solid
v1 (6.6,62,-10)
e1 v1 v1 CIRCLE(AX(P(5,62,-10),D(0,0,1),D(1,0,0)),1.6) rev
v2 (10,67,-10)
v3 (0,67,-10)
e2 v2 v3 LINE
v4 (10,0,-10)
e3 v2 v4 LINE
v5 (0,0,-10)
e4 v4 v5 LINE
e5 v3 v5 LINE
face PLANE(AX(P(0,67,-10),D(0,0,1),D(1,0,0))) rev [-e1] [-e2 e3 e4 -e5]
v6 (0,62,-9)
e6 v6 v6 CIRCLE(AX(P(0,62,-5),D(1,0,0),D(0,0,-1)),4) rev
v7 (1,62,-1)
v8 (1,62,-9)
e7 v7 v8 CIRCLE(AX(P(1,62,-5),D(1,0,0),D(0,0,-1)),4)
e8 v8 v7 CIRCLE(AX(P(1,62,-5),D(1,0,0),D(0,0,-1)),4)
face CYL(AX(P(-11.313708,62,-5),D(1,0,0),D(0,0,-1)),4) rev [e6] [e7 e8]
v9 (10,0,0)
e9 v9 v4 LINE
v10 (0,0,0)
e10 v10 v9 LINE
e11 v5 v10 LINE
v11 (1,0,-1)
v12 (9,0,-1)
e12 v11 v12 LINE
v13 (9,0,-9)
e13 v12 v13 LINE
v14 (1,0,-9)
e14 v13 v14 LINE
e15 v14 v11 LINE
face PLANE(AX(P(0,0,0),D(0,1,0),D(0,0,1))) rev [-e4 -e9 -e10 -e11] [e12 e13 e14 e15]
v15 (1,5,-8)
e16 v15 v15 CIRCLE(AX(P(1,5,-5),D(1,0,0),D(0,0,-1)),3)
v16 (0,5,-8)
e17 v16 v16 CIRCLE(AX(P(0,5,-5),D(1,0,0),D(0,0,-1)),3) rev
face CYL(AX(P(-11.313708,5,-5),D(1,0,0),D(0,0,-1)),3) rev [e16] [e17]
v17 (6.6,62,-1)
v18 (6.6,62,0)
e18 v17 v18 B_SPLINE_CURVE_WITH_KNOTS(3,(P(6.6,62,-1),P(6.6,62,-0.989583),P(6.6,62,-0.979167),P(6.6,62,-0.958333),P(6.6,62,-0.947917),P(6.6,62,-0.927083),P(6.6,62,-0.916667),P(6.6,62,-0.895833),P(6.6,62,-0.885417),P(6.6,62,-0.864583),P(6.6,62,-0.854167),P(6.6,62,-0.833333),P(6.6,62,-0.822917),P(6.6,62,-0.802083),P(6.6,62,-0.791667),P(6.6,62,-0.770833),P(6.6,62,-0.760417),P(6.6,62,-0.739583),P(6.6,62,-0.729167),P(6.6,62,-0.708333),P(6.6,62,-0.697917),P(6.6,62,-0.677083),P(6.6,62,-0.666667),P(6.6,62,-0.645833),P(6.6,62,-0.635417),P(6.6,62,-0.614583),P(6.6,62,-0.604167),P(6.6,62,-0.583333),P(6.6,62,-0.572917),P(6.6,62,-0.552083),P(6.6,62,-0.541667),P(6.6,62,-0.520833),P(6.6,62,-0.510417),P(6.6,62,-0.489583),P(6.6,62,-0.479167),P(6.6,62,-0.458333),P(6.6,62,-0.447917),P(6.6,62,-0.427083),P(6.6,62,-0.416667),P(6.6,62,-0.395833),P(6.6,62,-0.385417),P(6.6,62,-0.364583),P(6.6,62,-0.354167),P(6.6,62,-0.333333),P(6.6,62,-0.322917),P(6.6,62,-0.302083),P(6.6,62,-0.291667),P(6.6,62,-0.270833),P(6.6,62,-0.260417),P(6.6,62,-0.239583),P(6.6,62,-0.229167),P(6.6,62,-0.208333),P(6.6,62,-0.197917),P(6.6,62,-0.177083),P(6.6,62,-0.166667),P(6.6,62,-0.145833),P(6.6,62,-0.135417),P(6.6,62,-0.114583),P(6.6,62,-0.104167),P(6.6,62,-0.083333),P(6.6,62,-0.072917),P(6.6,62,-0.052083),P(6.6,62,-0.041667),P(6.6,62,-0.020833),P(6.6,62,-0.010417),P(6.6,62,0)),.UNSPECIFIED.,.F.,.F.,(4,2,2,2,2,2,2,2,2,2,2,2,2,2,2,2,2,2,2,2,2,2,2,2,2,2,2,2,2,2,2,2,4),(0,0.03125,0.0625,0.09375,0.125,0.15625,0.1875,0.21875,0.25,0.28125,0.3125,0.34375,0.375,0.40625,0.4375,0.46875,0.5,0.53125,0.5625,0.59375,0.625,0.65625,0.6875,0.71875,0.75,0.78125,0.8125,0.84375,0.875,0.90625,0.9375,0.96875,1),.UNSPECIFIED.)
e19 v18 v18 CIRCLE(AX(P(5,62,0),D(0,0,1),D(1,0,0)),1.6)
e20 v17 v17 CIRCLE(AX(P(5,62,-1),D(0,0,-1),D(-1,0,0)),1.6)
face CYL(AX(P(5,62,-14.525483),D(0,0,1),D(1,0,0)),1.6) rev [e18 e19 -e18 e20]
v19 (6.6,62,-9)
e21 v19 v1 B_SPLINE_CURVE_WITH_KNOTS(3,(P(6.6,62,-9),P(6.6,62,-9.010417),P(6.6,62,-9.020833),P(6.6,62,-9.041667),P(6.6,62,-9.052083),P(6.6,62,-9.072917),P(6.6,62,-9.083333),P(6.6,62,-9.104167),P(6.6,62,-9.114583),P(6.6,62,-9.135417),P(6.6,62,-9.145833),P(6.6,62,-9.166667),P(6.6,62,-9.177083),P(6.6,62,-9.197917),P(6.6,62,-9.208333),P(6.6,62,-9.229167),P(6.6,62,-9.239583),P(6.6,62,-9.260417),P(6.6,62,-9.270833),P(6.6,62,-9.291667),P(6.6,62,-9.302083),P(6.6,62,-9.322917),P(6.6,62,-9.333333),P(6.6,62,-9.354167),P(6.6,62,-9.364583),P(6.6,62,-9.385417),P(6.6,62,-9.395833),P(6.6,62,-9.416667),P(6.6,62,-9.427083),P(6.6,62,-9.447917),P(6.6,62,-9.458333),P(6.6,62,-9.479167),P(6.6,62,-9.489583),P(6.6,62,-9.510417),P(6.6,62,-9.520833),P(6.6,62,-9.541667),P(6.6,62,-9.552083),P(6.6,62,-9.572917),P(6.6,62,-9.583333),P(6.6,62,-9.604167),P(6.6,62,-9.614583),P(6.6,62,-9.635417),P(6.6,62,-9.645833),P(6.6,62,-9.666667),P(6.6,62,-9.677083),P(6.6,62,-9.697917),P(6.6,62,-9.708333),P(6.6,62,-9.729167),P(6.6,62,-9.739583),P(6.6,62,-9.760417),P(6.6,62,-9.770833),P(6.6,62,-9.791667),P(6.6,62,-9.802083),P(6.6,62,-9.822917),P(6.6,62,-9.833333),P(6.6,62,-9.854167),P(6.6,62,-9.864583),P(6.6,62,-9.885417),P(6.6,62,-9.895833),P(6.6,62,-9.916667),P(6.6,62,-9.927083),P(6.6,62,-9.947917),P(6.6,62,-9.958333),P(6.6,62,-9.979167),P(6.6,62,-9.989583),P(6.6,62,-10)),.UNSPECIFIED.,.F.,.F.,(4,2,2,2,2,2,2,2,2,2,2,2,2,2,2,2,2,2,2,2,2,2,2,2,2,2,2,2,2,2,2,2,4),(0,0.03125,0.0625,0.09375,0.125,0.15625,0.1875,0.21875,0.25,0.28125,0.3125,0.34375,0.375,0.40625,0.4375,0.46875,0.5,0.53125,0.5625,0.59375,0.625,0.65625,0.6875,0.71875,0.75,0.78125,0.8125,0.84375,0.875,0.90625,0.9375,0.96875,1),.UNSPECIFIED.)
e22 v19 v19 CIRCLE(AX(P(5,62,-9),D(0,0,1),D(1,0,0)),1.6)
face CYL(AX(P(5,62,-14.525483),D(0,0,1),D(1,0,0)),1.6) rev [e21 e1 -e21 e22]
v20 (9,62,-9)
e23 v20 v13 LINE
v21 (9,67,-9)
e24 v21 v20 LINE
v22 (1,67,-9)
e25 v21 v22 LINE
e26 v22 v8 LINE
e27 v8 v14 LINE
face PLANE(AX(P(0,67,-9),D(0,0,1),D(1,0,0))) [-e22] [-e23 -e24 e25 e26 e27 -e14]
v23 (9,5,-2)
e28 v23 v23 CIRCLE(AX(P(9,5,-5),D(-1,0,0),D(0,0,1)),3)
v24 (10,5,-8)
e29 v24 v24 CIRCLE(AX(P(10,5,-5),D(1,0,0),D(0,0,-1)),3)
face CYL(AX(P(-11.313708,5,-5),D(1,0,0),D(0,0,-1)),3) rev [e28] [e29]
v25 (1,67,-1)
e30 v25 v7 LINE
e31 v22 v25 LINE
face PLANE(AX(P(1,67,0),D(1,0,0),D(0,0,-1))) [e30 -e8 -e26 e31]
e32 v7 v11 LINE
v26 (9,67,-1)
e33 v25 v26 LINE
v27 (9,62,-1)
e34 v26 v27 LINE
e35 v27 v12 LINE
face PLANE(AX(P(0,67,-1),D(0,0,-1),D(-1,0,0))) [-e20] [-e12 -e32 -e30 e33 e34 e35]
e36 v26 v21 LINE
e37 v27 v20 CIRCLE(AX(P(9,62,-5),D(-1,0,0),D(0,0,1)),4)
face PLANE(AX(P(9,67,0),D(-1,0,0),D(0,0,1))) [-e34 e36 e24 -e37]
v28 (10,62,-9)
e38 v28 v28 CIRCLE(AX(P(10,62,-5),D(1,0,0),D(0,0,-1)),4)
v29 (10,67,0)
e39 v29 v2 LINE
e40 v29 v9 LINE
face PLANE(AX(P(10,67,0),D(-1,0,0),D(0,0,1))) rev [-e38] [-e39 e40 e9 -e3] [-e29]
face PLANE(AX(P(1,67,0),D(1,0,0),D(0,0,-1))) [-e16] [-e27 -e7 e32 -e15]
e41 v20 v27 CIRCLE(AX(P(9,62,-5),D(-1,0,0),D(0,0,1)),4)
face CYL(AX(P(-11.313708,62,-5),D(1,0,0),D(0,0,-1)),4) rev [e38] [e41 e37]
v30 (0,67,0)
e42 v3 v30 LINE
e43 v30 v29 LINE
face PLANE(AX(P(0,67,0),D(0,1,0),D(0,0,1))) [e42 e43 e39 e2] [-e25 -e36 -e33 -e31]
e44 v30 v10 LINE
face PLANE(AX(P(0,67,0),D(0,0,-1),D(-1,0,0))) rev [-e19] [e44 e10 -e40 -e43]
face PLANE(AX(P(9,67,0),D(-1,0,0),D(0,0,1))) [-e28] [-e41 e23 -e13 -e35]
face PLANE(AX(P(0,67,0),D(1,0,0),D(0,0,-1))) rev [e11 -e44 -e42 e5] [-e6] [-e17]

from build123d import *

# Parameters (mm, degrees)
SKETCH_1_W          = 10
SKETCH_1_H          = 10
SKETCH_1_W_2        = 8
SKETCH_1_H_2        = 8
EXTRUDE_1_DEPTH     = 67
CUT_EXTRUDE_1_REACH = 70.476
SKETCH_2_R          = 1.6
CUT_EXTRUDE_2_REACH = 70.476
SKETCH_3_R          = 4
SKETCH_3_R_2        = 3


with BuildPart() as part:
    # ｽｹｯﾁ1 → 押し出し-薄板1 (new body)
    with BuildSketch(Plane(origin=(0, 0, 0), x_dir=(1, 0, 0), z_dir=(0, 1, 0))):
        with Locations((5, 5)):
            Rectangle(SKETCH_1_W, SKETCH_1_H)
        with Locations((5, 5)):
            Rectangle(SKETCH_1_W_2, SKETCH_1_H_2, mode=Mode.SUBTRACT)
    extrude(amount=EXTRUDE_1_DEPTH)

    # ｶｯﾄ - 押し出し1: up to this face of the body (flat: up to its plane)
    cut_extrude_1_end = Plane(part.part.faces().sort_by_distance((5, 33.5, -10))[0])
    # ｽｹｯﾁ2 → ｶｯﾄ - 押し出し1 (cut, up to the picked face)
    with BuildSketch(Plane.XY, mode=Mode.PRIVATE) as cut_extrude_1_sk1:
        with Locations((5, 62)):
            Circle(SKETCH_2_R)
    cut_extrude_1_tool1 = split(extrude(cut_extrude_1_sk1.sketch, amount=-CUT_EXTRUDE_1_REACH, mode=Mode.PRIVATE), bisect_by=cut_extrude_1_end, keep=Keep.BOTH, mode=Mode.PRIVATE)
    add(cut_extrude_1_tool1.solids().sort_by(Axis((5, 62, 0), (0, 0, -1)))[0], mode=Mode.SUBTRACT)

    # ｶｯﾄ - 押し出し2: up to this face of the body (flat: up to its plane)
    cut_extrude_2_end = Plane(part.part.faces().sort_by_distance((0, 33.5, -5))[0])
    # ｽｹｯﾁ3 → ｶｯﾄ - 押し出し2 (cut, up to the picked face)
    with BuildSketch(Plane(origin=(10, 0, 0), x_dir=(0, 0, -1), z_dir=(1, 0, 0)), mode=Mode.PRIVATE) as cut_extrude_2_sk1:
        with Locations((5, 62)):
            Circle(SKETCH_3_R)
    cut_extrude_2_tool1 = split(extrude(cut_extrude_2_sk1.sketch, amount=-CUT_EXTRUDE_2_REACH, mode=Mode.PRIVATE), bisect_by=cut_extrude_2_end, keep=Keep.BOTH, mode=Mode.PRIVATE)
    # ｽｹｯﾁ3 → ｶｯﾄ - 押し出し2 (cut, up to the picked face)
    with BuildSketch(Plane(origin=(10, 0, 0), x_dir=(0, 0, -1), z_dir=(1, 0, 0)), mode=Mode.PRIVATE) as cut_extrude_2_sk2:
        with Locations((5, 5)):
            Circle(SKETCH_3_R_2)
    cut_extrude_2_tool2 = split(extrude(cut_extrude_2_sk2.sketch, amount=-CUT_EXTRUDE_2_REACH, mode=Mode.PRIVATE), bisect_by=cut_extrude_2_end, keep=Keep.BOTH, mode=Mode.PRIVATE)
    add(cut_extrude_2_tool1.solids().sort_by(Axis((10, 62, -5), (-1, 0, 0)))[0], mode=Mode.SUBTRACT)
    add(cut_extrude_2_tool2.solids().sort_by(Axis((10, 5, -5), (-1, 0, 0)))[0], mode=Mode.SUBTRACT)


solid = part.part
